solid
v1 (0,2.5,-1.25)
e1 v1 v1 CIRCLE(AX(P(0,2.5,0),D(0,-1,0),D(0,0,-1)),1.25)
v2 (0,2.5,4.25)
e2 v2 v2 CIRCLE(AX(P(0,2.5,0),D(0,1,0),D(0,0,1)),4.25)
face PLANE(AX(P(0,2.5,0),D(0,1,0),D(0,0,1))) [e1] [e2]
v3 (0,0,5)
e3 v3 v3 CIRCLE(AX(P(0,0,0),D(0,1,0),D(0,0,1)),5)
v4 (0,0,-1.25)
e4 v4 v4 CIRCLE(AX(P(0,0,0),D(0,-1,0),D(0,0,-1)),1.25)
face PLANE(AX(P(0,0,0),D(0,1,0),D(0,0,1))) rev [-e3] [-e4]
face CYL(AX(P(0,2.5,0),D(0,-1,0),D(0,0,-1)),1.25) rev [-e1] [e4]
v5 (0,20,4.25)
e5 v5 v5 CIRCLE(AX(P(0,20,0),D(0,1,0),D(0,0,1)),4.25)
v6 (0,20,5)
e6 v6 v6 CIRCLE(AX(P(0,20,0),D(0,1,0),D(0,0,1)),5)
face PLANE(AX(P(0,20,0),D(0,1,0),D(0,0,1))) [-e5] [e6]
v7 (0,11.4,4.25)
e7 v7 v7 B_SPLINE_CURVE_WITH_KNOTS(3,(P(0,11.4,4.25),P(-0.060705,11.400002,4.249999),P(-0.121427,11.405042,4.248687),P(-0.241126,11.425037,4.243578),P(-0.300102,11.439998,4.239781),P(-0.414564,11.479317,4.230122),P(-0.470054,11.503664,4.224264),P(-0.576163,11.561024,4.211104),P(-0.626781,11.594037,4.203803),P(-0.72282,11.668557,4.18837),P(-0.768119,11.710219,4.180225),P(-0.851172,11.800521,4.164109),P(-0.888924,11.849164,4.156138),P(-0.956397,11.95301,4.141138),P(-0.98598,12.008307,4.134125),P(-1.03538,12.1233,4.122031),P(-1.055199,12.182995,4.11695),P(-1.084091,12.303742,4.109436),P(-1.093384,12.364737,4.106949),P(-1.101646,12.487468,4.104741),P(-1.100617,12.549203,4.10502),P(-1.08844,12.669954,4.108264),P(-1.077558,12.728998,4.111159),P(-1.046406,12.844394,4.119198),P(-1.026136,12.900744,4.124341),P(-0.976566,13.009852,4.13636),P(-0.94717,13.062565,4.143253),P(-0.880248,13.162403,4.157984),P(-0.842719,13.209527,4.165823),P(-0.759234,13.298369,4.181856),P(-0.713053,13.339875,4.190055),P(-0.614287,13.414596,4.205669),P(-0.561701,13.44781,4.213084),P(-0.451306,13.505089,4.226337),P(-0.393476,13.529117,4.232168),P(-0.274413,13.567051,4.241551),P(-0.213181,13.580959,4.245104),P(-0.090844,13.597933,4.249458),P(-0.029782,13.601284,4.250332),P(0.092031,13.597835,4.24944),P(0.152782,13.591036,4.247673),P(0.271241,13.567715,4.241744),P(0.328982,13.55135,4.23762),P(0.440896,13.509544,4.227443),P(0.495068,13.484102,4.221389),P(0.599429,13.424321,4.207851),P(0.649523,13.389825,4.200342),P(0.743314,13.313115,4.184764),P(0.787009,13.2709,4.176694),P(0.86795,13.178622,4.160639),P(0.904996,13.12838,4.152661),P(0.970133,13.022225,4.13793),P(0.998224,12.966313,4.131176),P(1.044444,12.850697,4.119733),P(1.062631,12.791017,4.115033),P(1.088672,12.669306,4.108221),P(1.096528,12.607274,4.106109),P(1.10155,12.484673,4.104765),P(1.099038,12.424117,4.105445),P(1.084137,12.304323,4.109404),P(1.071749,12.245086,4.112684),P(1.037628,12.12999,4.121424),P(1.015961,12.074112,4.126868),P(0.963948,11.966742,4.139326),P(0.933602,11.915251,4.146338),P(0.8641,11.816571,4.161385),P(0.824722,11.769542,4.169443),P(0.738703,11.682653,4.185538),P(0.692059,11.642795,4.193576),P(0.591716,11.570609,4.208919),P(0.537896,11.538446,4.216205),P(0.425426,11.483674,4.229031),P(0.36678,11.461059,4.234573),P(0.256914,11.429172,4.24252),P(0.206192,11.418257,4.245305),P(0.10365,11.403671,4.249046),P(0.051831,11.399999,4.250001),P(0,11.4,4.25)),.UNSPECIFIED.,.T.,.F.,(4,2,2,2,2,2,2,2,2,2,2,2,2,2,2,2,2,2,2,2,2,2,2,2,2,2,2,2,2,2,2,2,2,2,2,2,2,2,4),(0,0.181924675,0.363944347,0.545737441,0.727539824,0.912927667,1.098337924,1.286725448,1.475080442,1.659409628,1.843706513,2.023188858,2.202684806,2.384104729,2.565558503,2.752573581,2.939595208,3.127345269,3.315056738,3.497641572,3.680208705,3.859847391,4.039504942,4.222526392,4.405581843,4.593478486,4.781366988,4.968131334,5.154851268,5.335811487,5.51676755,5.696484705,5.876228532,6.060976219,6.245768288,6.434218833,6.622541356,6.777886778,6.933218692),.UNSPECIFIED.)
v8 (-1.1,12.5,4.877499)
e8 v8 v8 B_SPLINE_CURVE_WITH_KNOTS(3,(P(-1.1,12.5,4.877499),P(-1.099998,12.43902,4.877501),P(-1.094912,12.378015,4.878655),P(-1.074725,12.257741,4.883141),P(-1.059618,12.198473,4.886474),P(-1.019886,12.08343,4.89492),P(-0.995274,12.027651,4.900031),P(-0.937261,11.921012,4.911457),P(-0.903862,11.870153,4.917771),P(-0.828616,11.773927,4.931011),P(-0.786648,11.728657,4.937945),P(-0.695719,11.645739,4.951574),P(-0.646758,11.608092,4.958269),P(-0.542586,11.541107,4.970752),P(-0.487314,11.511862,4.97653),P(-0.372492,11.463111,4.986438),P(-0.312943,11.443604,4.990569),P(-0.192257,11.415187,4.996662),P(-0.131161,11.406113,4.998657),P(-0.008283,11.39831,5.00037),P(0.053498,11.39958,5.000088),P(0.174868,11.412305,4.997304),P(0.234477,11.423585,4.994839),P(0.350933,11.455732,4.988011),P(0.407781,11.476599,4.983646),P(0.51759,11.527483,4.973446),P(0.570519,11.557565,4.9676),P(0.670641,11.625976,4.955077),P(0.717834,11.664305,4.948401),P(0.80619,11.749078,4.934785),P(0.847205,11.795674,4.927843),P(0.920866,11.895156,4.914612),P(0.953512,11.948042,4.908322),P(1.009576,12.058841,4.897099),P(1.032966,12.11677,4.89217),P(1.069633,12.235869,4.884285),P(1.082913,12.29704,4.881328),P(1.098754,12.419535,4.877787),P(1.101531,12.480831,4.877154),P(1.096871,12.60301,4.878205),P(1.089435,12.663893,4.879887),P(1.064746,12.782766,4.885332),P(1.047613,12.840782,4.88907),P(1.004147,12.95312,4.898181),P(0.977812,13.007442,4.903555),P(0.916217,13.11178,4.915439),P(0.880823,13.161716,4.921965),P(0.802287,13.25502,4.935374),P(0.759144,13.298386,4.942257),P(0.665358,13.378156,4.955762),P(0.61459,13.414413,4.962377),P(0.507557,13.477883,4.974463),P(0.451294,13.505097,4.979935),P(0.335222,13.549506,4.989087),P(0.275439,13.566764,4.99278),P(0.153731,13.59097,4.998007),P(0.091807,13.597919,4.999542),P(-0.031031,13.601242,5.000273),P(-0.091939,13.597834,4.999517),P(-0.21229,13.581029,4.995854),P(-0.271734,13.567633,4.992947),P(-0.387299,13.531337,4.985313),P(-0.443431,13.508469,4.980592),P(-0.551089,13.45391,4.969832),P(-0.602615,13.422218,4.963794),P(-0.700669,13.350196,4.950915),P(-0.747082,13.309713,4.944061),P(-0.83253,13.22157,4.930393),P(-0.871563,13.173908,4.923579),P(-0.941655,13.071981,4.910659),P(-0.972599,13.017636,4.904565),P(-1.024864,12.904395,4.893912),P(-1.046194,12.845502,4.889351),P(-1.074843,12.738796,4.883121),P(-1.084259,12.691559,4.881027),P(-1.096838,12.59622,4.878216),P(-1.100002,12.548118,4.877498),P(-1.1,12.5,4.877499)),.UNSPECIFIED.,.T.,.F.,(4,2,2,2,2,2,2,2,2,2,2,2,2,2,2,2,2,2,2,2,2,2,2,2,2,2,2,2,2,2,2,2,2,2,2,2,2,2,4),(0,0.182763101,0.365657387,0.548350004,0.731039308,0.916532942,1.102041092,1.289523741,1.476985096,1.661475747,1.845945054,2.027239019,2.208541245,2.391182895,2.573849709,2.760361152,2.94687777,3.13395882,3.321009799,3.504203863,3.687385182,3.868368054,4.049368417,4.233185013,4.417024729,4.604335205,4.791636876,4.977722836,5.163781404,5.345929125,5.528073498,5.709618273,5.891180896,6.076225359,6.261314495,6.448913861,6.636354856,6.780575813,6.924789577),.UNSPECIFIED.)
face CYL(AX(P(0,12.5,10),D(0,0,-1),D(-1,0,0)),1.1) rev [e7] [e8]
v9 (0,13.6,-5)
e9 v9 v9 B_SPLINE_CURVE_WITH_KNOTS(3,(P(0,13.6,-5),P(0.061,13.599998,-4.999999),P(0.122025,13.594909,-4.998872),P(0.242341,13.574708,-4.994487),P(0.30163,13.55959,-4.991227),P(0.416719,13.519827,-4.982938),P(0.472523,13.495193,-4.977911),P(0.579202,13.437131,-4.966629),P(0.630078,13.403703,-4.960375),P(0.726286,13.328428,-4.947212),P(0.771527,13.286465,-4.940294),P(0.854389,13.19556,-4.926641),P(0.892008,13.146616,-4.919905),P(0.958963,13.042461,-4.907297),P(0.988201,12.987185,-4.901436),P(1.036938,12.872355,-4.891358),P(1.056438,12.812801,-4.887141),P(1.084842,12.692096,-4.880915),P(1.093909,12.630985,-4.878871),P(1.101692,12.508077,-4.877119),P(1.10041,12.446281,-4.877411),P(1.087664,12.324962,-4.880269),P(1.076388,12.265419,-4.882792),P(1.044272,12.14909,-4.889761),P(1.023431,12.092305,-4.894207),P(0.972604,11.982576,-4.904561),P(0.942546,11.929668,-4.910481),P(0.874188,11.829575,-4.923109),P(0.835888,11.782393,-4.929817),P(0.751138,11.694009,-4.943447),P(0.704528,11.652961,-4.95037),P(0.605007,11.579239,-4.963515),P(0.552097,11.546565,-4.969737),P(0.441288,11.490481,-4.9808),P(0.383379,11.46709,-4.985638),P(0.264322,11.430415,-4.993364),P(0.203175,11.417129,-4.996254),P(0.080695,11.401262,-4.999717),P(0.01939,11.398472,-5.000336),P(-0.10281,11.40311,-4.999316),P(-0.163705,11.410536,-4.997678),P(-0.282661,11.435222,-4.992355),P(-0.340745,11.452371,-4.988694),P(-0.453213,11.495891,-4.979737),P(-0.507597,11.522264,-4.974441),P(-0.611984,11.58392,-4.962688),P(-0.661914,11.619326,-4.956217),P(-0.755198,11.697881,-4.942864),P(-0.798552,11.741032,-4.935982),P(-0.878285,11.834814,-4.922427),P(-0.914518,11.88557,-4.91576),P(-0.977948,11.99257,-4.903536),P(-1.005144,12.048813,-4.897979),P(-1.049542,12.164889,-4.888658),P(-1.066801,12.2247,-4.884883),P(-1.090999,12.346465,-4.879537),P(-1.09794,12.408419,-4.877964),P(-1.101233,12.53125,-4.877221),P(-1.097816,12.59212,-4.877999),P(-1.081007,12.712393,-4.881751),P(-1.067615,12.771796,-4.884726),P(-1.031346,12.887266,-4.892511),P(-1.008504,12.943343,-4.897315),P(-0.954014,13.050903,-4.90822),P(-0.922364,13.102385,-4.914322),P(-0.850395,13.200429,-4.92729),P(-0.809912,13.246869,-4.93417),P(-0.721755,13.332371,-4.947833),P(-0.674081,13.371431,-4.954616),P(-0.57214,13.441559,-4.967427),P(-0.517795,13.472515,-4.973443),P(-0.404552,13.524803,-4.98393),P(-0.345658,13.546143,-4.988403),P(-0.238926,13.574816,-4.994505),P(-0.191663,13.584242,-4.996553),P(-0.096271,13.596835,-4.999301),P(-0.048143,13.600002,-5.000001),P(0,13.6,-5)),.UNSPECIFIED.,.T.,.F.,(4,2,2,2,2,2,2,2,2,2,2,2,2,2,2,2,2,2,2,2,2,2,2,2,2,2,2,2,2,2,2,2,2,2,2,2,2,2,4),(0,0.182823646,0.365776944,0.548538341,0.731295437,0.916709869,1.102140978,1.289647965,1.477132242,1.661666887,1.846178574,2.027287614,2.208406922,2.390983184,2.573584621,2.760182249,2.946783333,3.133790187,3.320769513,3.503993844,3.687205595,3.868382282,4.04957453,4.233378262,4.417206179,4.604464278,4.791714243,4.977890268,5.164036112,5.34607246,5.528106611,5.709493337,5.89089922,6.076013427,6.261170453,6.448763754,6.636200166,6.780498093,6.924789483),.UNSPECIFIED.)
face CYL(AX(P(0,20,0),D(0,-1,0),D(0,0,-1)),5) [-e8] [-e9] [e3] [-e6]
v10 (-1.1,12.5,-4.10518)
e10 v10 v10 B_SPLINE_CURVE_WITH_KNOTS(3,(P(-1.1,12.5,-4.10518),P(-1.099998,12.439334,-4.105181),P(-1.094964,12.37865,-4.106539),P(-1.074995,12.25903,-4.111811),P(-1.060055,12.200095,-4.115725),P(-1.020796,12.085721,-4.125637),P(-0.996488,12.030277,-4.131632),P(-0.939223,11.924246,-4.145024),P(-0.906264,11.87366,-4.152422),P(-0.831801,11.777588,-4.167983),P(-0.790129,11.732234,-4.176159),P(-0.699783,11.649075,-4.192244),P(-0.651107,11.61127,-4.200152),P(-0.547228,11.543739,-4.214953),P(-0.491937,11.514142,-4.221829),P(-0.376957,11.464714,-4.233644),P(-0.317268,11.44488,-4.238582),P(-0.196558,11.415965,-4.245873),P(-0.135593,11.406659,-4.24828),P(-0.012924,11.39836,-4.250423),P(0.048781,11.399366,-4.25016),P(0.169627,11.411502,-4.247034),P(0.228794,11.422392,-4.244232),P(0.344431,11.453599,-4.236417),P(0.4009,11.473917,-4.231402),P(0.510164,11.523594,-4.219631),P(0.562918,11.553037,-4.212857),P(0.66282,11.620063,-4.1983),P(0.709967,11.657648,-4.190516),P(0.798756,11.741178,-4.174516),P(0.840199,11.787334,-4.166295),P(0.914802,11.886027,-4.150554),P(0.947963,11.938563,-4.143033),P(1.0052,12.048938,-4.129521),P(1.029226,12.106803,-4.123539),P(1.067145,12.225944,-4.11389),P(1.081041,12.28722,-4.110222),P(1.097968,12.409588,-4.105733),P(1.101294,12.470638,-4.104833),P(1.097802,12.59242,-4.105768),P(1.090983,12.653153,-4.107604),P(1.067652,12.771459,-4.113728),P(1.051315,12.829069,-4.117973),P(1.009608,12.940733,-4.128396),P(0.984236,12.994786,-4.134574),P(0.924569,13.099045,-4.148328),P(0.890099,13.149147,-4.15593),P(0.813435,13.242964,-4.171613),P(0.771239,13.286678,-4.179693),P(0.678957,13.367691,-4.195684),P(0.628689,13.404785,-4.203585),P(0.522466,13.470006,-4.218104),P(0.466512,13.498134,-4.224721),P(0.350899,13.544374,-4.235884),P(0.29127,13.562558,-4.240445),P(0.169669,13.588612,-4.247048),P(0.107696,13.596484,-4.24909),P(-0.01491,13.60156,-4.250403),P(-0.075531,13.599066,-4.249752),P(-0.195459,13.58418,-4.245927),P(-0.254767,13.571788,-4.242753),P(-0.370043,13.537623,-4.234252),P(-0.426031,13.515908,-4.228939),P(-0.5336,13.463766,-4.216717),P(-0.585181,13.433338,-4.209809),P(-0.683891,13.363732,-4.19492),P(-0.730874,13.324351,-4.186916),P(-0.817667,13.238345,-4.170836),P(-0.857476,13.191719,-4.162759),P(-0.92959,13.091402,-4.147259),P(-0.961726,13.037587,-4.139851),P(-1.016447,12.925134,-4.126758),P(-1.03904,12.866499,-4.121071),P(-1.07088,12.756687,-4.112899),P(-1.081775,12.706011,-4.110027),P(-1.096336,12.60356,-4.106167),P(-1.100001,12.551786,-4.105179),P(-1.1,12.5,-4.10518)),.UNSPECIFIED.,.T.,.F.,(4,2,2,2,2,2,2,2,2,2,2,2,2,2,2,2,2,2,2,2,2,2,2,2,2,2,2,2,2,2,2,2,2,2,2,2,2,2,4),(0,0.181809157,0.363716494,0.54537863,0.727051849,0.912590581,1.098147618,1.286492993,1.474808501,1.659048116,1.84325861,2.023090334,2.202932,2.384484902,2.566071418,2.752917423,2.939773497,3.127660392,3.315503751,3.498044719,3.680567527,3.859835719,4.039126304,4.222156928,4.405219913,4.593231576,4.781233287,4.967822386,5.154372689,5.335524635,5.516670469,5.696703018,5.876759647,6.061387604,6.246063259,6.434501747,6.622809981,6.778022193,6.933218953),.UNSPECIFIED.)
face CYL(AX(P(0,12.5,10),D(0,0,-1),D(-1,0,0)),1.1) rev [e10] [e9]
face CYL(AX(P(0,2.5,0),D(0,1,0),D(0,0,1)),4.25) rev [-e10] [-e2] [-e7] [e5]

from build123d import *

# Parameters (mm, degrees)
SKETCH1_R               = 5
BOSS_EXTRUDE1_DEPTH     = 20
SKETCH2_R               = 4.25
CUT_EXTRUDE1_DEPTH      = 17.5
SKETCH3_R               = 1.25
CUT_EXTRUDE2_DEPTH      = 2.5
CUT_EXTRUDE3_DEPTH      = 10
CUT_EXTRUDE3_DEPTH_BACK = 10
SKETCH4_R               = 1.1


with BuildPart() as part:
    # Sketch1 → Boss-Extrude1 (new body)
    with BuildSketch(Plane(origin=(0, 0, 0), x_dir=(1, 0, 0), z_dir=(0, 1, 0))):
        Circle(SKETCH1_R)
    extrude(amount=BOSS_EXTRUDE1_DEPTH)

    # Sketch2 → Cut-Extrude1 (cut)
    with BuildSketch(Plane(origin=(0, 20, 0), x_dir=(1, 0, 0), z_dir=(0, 1, 0))):
        Circle(SKETCH2_R)
    extrude(amount=-CUT_EXTRUDE1_DEPTH, mode=Mode.SUBTRACT)

    # Sketch3 → Cut-Extrude2 (cut)
    with BuildSketch(Plane.XZ):
        Circle(SKETCH3_R)
    extrude(amount=-CUT_EXTRUDE2_DEPTH, mode=Mode.SUBTRACT)

    # Sketch4 → Cut-Extrude3 (cut, two sides: drawn at the far end of the back side and taken through both)
    with BuildSketch(Plane.XY.offset(-CUT_EXTRUDE3_DEPTH_BACK)):
        with Locations((0, 12.5)):
            Circle(SKETCH4_R)
    extrude(amount=CUT_EXTRUDE3_DEPTH + CUT_EXTRUDE3_DEPTH_BACK, mode=Mode.SUBTRACT)


solid = part.part
